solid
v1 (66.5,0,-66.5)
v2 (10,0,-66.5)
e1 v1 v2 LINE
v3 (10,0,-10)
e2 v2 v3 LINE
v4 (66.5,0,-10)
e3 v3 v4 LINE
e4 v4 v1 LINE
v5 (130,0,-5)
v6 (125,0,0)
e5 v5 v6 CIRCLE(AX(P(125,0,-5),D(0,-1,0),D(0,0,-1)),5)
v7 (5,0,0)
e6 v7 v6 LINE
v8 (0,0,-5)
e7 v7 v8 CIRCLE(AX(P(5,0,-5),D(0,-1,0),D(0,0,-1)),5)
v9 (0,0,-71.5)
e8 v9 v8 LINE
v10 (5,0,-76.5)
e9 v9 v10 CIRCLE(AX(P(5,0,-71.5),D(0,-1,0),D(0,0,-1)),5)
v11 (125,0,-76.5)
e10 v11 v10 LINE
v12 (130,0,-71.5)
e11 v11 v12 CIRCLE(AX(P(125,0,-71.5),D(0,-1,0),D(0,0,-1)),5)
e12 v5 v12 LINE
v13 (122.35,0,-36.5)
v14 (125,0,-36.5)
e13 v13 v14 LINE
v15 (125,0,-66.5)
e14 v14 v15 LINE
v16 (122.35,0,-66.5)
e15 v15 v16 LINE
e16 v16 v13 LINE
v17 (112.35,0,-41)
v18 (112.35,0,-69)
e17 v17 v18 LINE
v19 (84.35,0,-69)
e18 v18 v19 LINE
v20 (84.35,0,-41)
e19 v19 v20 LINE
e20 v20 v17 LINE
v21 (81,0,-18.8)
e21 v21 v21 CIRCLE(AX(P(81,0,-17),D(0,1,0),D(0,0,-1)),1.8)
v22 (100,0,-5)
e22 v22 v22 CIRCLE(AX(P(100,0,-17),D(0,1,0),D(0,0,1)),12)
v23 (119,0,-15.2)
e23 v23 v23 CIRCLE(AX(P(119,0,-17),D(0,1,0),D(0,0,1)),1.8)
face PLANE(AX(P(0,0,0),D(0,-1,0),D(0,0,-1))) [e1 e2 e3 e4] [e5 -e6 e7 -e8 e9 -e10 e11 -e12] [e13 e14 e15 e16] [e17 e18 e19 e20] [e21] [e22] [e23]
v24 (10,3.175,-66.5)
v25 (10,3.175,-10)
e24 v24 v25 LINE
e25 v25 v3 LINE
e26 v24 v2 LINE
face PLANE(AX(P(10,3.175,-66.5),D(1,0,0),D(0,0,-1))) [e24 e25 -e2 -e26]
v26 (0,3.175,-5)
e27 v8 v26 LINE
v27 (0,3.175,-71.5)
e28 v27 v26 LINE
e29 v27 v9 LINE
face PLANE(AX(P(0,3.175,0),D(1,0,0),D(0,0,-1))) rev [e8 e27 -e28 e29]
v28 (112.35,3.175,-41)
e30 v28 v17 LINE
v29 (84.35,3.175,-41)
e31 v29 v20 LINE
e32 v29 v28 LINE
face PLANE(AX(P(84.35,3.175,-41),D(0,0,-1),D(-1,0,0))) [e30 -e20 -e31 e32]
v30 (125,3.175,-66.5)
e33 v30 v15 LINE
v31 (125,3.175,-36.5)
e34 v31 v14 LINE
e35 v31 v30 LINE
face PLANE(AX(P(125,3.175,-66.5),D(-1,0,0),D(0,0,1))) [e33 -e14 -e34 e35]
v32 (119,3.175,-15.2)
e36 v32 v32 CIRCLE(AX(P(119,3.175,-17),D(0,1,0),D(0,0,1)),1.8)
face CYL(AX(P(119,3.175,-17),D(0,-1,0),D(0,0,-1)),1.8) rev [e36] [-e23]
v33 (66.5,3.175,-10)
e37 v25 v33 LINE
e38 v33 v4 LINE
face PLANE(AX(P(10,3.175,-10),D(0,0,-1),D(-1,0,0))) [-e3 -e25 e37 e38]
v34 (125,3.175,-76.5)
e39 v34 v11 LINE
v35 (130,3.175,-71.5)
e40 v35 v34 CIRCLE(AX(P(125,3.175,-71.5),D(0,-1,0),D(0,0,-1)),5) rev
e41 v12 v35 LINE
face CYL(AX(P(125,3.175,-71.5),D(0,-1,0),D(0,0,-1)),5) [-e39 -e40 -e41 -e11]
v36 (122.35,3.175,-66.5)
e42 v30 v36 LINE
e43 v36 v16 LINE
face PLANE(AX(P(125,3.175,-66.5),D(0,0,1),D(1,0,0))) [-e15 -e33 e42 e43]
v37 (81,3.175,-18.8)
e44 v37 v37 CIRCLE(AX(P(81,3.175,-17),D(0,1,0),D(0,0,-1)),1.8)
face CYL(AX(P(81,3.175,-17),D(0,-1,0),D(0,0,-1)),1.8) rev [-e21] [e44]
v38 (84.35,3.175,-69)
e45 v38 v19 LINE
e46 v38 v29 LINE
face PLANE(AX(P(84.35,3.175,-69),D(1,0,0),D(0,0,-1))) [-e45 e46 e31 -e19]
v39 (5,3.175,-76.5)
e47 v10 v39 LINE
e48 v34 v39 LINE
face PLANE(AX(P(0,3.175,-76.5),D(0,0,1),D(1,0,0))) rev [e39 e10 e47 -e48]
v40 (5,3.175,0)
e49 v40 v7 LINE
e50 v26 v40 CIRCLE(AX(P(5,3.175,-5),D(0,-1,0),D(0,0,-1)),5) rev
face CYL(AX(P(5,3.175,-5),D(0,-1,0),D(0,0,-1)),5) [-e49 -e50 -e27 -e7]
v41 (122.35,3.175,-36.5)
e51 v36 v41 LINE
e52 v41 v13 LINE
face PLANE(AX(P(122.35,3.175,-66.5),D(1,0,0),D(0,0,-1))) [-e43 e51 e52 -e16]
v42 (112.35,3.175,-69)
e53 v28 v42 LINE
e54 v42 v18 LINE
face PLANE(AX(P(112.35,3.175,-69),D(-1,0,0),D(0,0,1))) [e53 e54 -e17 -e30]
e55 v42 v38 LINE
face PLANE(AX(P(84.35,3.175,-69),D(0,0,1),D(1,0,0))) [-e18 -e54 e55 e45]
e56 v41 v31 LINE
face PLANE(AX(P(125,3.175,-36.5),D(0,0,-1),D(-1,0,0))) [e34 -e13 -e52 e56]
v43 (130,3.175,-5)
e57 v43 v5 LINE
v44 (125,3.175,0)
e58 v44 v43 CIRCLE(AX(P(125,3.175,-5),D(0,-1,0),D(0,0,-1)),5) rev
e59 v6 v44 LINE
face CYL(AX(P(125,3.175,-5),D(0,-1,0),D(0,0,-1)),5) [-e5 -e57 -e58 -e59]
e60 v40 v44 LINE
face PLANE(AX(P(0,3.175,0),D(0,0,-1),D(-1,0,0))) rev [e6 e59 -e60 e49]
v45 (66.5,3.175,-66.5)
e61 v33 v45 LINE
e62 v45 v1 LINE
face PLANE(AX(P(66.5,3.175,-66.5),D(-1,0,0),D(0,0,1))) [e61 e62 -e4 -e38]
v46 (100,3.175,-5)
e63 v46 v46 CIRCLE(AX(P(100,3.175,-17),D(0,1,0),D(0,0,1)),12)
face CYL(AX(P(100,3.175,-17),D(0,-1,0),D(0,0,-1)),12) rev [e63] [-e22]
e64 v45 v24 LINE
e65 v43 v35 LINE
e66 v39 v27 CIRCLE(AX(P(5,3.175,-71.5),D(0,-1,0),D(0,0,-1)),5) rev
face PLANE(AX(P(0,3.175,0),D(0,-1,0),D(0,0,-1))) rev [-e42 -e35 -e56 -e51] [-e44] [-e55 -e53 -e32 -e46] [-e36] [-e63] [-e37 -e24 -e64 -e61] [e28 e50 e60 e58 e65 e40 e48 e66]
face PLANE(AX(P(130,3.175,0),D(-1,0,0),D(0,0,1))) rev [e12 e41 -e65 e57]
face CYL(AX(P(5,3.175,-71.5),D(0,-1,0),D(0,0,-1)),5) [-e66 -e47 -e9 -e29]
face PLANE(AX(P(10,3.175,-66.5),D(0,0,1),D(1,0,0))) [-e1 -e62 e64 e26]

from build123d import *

# Parameters (mm, degrees)
SKETCH1_W           = 130
SKETCH1_H           = 76.5
SKETCH1_R           = 12
SKETCH1_R_2         = 1.8
SKETCH1_W_2         = 56.5
SKETCH1_H_2         = 56.5
SKETCH1_W_3         = 28
SKETCH1_H_3         = 28
SKETCH1_W_4         = 2.65
SKETCH1_H_4         = 30
BOSS_EXTRUDE1_DEPTH = 3.175
FILLET1_R           = 5


with BuildPart() as part:
    # Sketch1 → Boss-Extrude1 (new body)
    with BuildSketch(Plane(origin=(0, 0, 0), x_dir=(1, 0, 0), z_dir=(0, 1, 0))):
        with Locations((65, 38.25)):
            Rectangle(SKETCH1_W, SKETCH1_H)
        with Locations(Location((100, 17, 0), (0, 0, 270))):
            Circle(SKETCH1_R, mode=Mode.SUBTRACT)
        with Locations(Location((119, 17, 0), (0, 0, 270))):
            Circle(SKETCH1_R_2, mode=Mode.SUBTRACT)
        with Locations(Location((81, 17, 0), (0, 0, 90))):
            Circle(SKETCH1_R_2, mode=Mode.SUBTRACT)
        with Locations((38.25, 38.25)):
            Rectangle(SKETCH1_W_2, SKETCH1_H_2, mode=Mode.SUBTRACT)
        with Locations((98.35, 55)):
            Rectangle(SKETCH1_W_3, SKETCH1_H_3, mode=Mode.SUBTRACT)
        with Locations((123.675, 51.5)):
            Rectangle(SKETCH1_W_4, SKETCH1_H_4, mode=Mode.SUBTRACT)
    extrude(amount=BOSS_EXTRUDE1_DEPTH)

    # Fillet1
    fillet1_edges = [part.edges().sort_by_distance(p)[0] for p in [
        (0, 1.5875, -76.5),
        (130, 1.5875, -76.5),
        (130, 1.5875, 0),
        (0, 1.5875, 0),
    ]]
    fillet(fillet1_edges, radius=FILLET1_R)


solid = part.part
